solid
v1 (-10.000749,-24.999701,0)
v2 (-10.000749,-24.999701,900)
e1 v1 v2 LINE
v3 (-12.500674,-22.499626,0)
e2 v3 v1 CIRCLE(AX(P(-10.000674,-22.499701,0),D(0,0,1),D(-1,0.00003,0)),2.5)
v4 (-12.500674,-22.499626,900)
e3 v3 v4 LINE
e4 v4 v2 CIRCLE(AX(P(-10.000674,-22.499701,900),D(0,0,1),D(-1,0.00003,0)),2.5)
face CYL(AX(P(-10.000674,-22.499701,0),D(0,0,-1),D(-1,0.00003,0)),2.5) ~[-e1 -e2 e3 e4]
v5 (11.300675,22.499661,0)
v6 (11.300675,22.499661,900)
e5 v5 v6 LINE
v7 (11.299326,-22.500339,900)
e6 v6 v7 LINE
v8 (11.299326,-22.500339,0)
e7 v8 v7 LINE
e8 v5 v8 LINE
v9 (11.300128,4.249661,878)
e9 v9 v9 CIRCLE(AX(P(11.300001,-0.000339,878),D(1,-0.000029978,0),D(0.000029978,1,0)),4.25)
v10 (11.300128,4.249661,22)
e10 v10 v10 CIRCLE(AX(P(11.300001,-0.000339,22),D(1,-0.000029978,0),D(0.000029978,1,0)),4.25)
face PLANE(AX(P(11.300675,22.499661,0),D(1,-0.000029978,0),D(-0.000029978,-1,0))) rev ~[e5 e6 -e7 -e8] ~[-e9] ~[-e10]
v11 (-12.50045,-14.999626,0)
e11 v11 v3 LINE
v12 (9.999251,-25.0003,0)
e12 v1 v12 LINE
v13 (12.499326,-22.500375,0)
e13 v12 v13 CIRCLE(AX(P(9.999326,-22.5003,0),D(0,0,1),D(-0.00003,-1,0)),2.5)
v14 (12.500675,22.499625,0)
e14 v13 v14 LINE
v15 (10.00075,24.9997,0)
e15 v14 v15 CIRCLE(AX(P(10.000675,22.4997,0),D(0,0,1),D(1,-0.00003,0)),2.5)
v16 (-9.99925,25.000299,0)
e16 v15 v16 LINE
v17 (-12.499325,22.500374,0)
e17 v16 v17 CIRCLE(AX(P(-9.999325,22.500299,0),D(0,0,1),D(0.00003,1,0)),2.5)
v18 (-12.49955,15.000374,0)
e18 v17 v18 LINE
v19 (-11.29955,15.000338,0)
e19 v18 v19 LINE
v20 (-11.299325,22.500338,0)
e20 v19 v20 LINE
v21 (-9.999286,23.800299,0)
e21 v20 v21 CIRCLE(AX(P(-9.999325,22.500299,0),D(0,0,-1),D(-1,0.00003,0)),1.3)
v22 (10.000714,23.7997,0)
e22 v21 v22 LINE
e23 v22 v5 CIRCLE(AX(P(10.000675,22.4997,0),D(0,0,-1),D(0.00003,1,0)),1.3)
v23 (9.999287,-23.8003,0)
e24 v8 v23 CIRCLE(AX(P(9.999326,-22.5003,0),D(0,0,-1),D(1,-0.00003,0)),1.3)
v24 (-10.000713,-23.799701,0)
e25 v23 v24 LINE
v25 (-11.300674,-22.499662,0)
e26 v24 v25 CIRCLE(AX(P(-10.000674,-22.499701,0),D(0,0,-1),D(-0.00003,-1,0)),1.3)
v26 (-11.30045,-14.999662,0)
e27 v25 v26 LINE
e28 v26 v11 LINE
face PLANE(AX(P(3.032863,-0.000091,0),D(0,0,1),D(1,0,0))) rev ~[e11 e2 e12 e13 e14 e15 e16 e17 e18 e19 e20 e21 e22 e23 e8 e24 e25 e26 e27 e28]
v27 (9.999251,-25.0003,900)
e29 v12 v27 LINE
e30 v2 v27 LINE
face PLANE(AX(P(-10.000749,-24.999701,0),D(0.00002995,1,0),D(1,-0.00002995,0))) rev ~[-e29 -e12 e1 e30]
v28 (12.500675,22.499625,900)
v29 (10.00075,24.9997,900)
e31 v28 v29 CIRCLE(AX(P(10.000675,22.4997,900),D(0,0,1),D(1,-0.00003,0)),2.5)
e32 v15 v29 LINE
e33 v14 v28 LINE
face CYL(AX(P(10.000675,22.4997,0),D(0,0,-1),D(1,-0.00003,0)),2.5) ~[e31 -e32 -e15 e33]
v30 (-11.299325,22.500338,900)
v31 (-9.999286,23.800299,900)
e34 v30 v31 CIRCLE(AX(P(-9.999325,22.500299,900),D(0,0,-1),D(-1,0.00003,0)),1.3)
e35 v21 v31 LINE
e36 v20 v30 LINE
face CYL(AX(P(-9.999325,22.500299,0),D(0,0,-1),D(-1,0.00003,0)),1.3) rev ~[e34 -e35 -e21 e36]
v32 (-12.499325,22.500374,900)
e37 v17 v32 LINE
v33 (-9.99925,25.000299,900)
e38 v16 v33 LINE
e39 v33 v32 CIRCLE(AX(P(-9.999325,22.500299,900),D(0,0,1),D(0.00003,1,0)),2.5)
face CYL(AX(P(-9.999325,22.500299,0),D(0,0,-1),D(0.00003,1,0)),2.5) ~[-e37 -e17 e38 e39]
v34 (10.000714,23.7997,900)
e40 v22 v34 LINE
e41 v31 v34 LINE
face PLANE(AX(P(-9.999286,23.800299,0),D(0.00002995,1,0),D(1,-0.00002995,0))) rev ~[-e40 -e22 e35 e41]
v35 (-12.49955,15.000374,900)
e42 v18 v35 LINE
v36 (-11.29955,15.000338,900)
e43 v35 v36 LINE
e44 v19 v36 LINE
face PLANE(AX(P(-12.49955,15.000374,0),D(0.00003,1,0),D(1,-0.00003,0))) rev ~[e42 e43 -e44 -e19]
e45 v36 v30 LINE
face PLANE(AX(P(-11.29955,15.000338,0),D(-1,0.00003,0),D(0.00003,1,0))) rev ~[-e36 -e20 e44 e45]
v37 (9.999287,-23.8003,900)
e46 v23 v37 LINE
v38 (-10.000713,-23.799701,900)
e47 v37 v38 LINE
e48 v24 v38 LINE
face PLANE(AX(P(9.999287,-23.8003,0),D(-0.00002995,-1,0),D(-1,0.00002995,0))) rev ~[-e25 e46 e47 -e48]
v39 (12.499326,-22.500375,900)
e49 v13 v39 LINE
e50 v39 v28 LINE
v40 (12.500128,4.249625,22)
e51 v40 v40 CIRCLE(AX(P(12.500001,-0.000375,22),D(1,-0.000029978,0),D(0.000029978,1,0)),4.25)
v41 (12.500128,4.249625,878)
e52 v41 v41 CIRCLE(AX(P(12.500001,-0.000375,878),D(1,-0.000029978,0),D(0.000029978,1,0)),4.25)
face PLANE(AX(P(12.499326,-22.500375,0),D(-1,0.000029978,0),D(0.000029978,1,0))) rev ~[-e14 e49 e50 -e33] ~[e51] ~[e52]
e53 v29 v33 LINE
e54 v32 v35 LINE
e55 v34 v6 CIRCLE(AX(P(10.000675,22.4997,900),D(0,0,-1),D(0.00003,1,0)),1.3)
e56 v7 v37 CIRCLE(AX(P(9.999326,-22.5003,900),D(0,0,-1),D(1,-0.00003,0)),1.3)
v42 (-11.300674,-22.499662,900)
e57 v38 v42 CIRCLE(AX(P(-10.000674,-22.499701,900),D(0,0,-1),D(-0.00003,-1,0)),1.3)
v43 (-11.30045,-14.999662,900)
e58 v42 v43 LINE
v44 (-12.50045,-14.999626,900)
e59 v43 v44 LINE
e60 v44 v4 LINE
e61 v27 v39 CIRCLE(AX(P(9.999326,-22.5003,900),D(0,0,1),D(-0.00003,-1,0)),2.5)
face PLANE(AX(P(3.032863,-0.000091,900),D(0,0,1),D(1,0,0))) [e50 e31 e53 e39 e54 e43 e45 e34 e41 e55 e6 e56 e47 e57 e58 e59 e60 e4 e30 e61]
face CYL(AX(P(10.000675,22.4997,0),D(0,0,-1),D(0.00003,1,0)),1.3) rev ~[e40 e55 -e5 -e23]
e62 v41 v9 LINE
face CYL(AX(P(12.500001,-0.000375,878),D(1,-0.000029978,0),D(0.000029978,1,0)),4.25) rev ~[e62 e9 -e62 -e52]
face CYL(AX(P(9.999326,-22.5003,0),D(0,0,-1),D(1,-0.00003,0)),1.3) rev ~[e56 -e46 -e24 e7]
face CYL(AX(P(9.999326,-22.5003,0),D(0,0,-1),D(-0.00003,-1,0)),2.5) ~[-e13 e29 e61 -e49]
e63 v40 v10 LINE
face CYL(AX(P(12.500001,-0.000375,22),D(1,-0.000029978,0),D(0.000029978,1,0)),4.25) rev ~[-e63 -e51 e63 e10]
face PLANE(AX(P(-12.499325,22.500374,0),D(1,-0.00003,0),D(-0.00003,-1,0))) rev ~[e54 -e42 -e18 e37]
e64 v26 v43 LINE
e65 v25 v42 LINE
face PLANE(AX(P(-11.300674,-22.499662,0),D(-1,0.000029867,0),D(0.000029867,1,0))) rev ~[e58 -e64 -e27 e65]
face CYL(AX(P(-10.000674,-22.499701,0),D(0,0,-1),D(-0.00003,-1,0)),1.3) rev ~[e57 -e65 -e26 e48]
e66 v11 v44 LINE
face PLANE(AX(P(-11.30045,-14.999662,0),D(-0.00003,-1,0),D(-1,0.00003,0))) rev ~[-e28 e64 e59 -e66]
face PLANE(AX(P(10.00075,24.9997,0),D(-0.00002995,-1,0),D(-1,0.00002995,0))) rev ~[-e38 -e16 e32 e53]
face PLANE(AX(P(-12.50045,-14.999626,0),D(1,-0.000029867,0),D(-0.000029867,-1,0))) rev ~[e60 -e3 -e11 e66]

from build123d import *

# Parameters (mm, degrees)
F2_DEPTH = 900
F3_R     = 4.25
F4_DEPTH = 1.2000000005


with BuildPart() as f2:
    # F0 (on Top) → F2 (new body)
    with BuildSketch(Plane.XY):
        with BuildLine():
            ThreePointArc((12.5006749989, 22.499625), (11.7684949852, 24.2674139192), (10.00075, 24.9996999989))
            Line((10.00075, 24.9997), (-9.99925, 25.000299))
            ThreePointArc((-9.99925, 25.0002989989), (-11.7670389192, 24.2681189852), (-12.4993249989, 22.500374))
            Line((-12.499325, 22.500374), (-12.49955, 15.000374))
            Line((-12.49955, 15.000374), (-11.29955, 15.000338))
            Line((-11.29955, 15.000338), (-11.299325, 22.500338))
            ThreePointArc((-11.2993249994, 22.500338), (-10.918536238, 23.4195653923), (-9.999286, 23.8002989994))
            Line((-9.999286, 23.800299), (10.000714, 23.7997))
            ThreePointArc((10.000714, 23.7996999994), (10.9199413923, 23.418911238), (11.3006749994, 22.499661))
            Line((11.300675, 22.499661), (11.299326, -22.500339))
            ThreePointArc((11.2993259994, -22.500339), (10.918537238, -23.4195663923), (9.999287, -23.8002999994))
            Line((9.999287, -23.8003), (-10.000713, -23.799701))
            ThreePointArc((-10.000713, -23.7997009994), (-10.9199403923, -23.418912238), (-11.3006739994, -22.499662))
            Line((-11.300674, -22.499662), (-11.30045, -14.999662))
            Line((-11.30045, -14.999662), (-12.50045, -14.999626))
            Line((-12.50045, -14.999626), (-12.500674, -22.499626))
            ThreePointArc((-12.5006739989, -22.499626), (-11.7684939852, -24.2674149192), (-10.000749, -24.9997009989))
            Line((-10.000749, -24.999701), (9.999251, -25.0003))
            ThreePointArc((9.999251, -25.0002999989), (11.7670399192, -24.2681199852), (12.4993259989, -22.500375))
            Line((12.499326, -22.500375), (12.500675, 22.499625))
        make_face()
    extrude(amount=F2_DEPTH)

    # F3 (on face) → F4 (cut, through all)
    with BuildSketch(Plane(origin=(12.5000005, -0.0003747222, 0), x_dir=(2.99778e-05, 0.9999999996, 0), z_dir=(0.9999999996, -2.99778e-05, 0))):
        with Locations((0, 22)):
            Circle(F3_R)
        with Locations((0, 878)):
            Circle(F3_R)
    extrude(amount=-F4_DEPTH, mode=Mode.SUBTRACT)


solid = f2.part
